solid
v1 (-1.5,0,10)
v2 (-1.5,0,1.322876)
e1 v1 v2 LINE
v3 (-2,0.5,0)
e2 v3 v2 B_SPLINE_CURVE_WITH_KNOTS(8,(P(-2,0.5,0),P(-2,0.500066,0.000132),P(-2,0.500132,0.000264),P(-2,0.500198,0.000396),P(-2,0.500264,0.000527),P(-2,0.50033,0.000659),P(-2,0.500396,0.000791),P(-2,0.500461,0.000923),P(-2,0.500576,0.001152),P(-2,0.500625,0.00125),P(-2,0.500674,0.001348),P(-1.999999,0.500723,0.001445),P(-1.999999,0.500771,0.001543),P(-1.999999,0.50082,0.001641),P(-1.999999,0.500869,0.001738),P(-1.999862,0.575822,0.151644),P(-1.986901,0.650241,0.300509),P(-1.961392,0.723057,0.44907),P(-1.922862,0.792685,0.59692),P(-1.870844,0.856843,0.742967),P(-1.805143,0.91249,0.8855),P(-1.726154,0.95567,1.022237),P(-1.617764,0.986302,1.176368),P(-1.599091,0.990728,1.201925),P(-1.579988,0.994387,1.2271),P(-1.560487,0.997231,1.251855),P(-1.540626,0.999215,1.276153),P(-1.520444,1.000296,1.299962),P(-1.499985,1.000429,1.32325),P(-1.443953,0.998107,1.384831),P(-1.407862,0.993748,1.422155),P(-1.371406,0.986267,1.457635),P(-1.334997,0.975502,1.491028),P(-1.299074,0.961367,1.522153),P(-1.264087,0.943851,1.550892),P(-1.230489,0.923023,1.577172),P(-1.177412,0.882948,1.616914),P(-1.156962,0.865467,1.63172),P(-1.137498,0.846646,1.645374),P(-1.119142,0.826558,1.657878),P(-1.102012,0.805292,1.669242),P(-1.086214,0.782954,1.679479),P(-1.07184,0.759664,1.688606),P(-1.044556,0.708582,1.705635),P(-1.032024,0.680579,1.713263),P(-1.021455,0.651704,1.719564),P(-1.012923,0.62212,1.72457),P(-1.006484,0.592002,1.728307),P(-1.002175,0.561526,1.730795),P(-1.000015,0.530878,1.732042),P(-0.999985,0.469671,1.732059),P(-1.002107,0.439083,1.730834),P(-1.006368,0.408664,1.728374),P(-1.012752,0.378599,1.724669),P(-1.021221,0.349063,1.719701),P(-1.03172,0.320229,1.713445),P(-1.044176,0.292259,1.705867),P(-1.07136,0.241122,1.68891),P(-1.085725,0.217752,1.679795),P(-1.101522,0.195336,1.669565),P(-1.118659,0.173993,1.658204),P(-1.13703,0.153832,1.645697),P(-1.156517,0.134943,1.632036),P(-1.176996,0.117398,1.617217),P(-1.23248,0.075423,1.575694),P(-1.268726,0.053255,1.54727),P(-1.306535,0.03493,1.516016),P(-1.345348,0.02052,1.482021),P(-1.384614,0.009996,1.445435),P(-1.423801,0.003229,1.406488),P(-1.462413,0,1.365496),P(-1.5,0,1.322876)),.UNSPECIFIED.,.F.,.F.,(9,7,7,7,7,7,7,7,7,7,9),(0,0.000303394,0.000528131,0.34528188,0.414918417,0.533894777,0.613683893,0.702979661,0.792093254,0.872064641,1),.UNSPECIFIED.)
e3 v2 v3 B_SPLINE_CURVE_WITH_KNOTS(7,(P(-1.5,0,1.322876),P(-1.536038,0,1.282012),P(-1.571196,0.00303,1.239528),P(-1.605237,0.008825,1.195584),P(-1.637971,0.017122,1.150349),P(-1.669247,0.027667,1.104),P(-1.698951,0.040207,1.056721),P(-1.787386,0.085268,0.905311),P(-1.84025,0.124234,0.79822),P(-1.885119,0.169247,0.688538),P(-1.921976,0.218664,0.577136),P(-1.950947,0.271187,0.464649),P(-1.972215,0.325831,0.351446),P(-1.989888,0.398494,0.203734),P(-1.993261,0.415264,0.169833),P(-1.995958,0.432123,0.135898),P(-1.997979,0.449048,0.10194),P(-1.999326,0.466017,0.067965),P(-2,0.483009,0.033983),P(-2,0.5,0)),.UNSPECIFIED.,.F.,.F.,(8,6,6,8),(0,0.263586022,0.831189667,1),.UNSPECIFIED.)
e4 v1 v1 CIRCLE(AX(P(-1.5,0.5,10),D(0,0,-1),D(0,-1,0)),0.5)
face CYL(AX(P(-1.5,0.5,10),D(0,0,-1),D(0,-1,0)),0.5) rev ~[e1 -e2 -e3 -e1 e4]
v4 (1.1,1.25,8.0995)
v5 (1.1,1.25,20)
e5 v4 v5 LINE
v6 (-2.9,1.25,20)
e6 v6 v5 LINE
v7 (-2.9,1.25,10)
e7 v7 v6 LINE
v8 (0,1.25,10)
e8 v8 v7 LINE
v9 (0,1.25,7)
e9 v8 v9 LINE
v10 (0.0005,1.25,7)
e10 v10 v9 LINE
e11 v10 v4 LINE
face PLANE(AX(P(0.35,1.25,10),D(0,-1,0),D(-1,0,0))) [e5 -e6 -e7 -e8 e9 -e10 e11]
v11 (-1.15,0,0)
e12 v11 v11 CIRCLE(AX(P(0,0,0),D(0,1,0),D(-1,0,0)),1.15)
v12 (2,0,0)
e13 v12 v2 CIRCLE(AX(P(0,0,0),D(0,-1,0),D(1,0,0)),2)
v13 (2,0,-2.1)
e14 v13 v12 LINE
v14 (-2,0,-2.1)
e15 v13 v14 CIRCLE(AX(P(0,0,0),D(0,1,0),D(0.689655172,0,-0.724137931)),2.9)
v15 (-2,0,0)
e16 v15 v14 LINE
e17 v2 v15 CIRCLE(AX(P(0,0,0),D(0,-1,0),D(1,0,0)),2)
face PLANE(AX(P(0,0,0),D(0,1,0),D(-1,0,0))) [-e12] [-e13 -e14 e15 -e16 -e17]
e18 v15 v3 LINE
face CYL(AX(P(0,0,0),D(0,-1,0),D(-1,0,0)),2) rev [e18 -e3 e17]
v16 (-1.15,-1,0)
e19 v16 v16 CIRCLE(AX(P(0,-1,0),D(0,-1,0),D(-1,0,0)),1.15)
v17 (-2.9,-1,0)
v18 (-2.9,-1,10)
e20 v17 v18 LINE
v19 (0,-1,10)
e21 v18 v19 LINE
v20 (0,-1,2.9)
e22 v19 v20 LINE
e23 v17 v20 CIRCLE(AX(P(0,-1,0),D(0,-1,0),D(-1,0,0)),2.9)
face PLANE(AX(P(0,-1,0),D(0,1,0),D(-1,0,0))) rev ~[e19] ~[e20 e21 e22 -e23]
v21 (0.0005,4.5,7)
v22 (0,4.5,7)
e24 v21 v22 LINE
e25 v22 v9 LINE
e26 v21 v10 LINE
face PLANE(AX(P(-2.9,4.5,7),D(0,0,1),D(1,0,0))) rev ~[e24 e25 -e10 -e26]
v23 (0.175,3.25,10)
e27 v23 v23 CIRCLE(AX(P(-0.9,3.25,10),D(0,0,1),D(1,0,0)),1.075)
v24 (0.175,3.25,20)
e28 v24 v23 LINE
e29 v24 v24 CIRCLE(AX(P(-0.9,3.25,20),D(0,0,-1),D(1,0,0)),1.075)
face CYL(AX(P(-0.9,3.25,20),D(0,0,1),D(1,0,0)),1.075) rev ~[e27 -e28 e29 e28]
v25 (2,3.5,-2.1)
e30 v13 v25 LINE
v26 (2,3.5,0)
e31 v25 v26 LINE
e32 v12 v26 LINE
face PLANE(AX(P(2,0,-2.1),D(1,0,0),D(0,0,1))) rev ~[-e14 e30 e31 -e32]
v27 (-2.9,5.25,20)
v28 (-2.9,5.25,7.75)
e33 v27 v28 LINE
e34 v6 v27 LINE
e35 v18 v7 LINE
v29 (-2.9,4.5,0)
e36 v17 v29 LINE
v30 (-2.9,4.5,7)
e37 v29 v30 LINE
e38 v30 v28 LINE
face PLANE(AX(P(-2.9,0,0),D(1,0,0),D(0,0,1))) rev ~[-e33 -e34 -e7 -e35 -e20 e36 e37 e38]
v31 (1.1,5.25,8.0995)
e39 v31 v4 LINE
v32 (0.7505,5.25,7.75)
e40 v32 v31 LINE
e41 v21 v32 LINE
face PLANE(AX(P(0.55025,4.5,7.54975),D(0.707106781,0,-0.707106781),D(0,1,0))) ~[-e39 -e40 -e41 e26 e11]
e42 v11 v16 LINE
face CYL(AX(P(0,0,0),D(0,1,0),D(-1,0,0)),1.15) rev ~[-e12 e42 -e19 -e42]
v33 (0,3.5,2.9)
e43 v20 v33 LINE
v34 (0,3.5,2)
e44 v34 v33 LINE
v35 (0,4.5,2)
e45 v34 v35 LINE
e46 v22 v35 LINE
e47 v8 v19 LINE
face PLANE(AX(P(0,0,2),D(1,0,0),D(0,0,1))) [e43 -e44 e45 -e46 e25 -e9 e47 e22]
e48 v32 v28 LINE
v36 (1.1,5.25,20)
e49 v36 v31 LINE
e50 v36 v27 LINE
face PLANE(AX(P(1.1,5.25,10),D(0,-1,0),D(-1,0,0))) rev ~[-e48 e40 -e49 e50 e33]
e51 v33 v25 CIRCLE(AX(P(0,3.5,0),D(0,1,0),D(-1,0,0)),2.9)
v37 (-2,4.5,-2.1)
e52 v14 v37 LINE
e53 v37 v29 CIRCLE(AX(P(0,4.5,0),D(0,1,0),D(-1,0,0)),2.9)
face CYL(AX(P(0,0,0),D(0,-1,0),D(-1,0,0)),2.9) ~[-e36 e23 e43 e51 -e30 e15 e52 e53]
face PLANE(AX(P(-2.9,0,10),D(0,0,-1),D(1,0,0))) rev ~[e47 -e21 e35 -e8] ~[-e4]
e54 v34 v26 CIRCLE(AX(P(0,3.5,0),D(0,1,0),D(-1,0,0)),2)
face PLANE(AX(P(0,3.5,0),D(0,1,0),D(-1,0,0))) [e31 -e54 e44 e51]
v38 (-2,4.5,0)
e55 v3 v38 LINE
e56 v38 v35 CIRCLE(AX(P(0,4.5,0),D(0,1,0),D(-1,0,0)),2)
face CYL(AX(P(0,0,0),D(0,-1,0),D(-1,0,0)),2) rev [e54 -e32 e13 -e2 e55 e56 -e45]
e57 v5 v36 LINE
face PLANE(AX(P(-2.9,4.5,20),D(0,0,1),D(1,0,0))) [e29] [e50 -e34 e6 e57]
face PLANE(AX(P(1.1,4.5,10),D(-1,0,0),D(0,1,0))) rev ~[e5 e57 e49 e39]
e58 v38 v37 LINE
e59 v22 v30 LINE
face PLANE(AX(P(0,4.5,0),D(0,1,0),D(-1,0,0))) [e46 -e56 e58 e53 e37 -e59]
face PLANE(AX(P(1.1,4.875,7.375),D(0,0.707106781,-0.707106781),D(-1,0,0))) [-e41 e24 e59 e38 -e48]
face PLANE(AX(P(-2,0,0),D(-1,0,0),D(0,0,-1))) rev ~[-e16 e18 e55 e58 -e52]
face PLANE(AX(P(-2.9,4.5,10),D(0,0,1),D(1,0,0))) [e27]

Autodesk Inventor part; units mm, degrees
ref_plane "YZ Plane" through (0, 0, 0) normal (1, 0, 0) x (0, 1, 0)
ref_plane "XZ Plane" through (0, 0, 0) normal (0, 1, 0) x (-1, 0, 0)
ref_plane "XY Plane" through (0, 0, 0) normal (0, 0, 1) x (1, 0, 0)
sketch "スケッチ1" plane through (0, 0, 0) normal (0, 1, 0) x (-1, 0, 0)
  circle A0 centre (0, 0) radius 1.15
  circle A1 centre (0, 0) radius 2
  circle A2 centre (0, 0) radius 2.9
  line L0 (-2, 0) -> (2, 0)
  line L1 (2, 0) -> (2, -2.9)
  line L2 (2, -2.9) -> (-2, -2.9)
  line L3 (-2, -2.9) -> (-2, 0)
  line L4 (0, 0) -> (0, 2.9)
  line L5 (0, 0) -> (2.9, 0)
  line L6 (2.9, 0) -> (2.9, 10)
  line L7 (2.9, 10) -> (0, 10)
  line L8 (0, 10) -> (0, 0)
  point P0 (0, 2)
  point P1 (2, -2.1)
  point P2 (-2, -2.1)
  dimension "d1" = 4
  dimension "d2" = 5.8
  dimension "d0" = 2.3
  dimension "d3" = 10
extrude "押し出し1" add sketch "スケッチ1" along normal blind 4.5 contours L5 A2 L1 | A1 L4 A2 L5 | A2 L8 L7 L6
extrude "押し出し2" add sketch "スケッチ1" along normal blind 3.5 contours A1 L3 A2 L4
extrude "押し出し3" add sketch "スケッチ1" against normal blind 1 contours L0 A1 A0 | A0 L4 A1 L0 | A0 L0 A1 L4 | L1 A2 L3 A1 | L5 A2 L1 | A1 L4 A2 L5 | A1 L3 A2 L4 | A2 L8 L7 L6
sketch "スケッチ2" plane through (-2.9, 4.5, 10) normal (0, 0, 1) x (1, 0, 0)
  line L0 (2.9, -4.5) -> (1.4, -4.5)
  line L1 (1.4, -4.5) -> (1.4, -4)
  line L2 (1.4, -4) -> (2.9, -4)
  line L3 (2.9, -4) -> (2.9, -4.5)
  dimension "d10" = 1.5
  dimension "d11" = 0.5
hole "穴1" at (-1.5, 0.5, 10) direction (0, 0, -1) diameter 1 end through all
sketch "スケッチ3" plane through (-2.9, 4.5, 10) normal (0, 0, 1) x (1, 0, 0)
  line L0 (0.9, 0) -> (0, 0) projected
  line L1 (0, 0) -> (4, 0)
  line L2 (4, 0) -> (4, -4)
  line L3 (4, -4) -> (0, -4)
  line L4 (0, -4) -> (0, 0)
  line L5 (0, 0) -> (3.25, 0)
  line L6 (3.25, 0) -> (3.25, -3.25)
  line L7 (3.25, -3.25) -> (0, -3.25)
  line L8 (0, -3.25) -> (0, 0)
  line L9 (0, 0) -> (1.625, 0)
  line L10 (1.625, 0) -> (1.625, -1.625)
  line L11 (1.625, -1.625) -> (0, -1.625)
  line L12 (0, -1.625) -> (0, 0)
  line L13 (0, -3.25) -> (4, -3.25)
  line L14 (4, -3.25) -> (4, 0.75)
  line L15 (4, 0.75) -> (0, 0.75)
  line L16 (0, 0.75) -> (0, -3.25)
  point P0 (2.9, -4.5)
  dimension "d19" = 4
  dimension "d20" = 4
  dimension "d21" = 3.25
  dimension "d22" = 3.25
  dimension "d33" = 4
  dimension "d34" = 4
extrude "押し出し4" add sketch "スケッチ3" along normal blind 10 and the other way blind 3 contours L1 L10 L11 L4 L0 | L0 L16 L15 L14 L1 | L1 L6 L7 L4 L11 L10 | L1 L2 L13 L6
chamfer "面取り1" distance 0.75 angle 45 1 edges at (-0.9, 5.25, 7)
chamfer "面取り2" distance 1.1 angle 45 1 edges at (1.1, 2.8752, 7)
sketch "スケッチ6" plane through (-2.9, 4.5, 20) normal (0, 0, 1) x (1, 0, 0)
  line L0 (0, 0) -> (0, 0.75) projected
  line L1 (0, 0.75) -> (2, 0.75)
  line L2 (2, 0.75) -> (2, -1.25)
  line L3 (2, -1.25) -> (0, -1.25)
  line L4 (0, -1.25) -> (0, 0.75)
  circle A0 centre (2, -1.25) radius 1.075
  point P0 (2.9, -4.5)
  dimension "d41" = 2
  dimension "d42" = 2
  dimension "d43" = 2.15
extrude "押し出し6" cut sketch "スケッチ6" against normal blind 10 contours A0 L2 L3 | L3 L2 A0
properties part number "srod1.7right"
